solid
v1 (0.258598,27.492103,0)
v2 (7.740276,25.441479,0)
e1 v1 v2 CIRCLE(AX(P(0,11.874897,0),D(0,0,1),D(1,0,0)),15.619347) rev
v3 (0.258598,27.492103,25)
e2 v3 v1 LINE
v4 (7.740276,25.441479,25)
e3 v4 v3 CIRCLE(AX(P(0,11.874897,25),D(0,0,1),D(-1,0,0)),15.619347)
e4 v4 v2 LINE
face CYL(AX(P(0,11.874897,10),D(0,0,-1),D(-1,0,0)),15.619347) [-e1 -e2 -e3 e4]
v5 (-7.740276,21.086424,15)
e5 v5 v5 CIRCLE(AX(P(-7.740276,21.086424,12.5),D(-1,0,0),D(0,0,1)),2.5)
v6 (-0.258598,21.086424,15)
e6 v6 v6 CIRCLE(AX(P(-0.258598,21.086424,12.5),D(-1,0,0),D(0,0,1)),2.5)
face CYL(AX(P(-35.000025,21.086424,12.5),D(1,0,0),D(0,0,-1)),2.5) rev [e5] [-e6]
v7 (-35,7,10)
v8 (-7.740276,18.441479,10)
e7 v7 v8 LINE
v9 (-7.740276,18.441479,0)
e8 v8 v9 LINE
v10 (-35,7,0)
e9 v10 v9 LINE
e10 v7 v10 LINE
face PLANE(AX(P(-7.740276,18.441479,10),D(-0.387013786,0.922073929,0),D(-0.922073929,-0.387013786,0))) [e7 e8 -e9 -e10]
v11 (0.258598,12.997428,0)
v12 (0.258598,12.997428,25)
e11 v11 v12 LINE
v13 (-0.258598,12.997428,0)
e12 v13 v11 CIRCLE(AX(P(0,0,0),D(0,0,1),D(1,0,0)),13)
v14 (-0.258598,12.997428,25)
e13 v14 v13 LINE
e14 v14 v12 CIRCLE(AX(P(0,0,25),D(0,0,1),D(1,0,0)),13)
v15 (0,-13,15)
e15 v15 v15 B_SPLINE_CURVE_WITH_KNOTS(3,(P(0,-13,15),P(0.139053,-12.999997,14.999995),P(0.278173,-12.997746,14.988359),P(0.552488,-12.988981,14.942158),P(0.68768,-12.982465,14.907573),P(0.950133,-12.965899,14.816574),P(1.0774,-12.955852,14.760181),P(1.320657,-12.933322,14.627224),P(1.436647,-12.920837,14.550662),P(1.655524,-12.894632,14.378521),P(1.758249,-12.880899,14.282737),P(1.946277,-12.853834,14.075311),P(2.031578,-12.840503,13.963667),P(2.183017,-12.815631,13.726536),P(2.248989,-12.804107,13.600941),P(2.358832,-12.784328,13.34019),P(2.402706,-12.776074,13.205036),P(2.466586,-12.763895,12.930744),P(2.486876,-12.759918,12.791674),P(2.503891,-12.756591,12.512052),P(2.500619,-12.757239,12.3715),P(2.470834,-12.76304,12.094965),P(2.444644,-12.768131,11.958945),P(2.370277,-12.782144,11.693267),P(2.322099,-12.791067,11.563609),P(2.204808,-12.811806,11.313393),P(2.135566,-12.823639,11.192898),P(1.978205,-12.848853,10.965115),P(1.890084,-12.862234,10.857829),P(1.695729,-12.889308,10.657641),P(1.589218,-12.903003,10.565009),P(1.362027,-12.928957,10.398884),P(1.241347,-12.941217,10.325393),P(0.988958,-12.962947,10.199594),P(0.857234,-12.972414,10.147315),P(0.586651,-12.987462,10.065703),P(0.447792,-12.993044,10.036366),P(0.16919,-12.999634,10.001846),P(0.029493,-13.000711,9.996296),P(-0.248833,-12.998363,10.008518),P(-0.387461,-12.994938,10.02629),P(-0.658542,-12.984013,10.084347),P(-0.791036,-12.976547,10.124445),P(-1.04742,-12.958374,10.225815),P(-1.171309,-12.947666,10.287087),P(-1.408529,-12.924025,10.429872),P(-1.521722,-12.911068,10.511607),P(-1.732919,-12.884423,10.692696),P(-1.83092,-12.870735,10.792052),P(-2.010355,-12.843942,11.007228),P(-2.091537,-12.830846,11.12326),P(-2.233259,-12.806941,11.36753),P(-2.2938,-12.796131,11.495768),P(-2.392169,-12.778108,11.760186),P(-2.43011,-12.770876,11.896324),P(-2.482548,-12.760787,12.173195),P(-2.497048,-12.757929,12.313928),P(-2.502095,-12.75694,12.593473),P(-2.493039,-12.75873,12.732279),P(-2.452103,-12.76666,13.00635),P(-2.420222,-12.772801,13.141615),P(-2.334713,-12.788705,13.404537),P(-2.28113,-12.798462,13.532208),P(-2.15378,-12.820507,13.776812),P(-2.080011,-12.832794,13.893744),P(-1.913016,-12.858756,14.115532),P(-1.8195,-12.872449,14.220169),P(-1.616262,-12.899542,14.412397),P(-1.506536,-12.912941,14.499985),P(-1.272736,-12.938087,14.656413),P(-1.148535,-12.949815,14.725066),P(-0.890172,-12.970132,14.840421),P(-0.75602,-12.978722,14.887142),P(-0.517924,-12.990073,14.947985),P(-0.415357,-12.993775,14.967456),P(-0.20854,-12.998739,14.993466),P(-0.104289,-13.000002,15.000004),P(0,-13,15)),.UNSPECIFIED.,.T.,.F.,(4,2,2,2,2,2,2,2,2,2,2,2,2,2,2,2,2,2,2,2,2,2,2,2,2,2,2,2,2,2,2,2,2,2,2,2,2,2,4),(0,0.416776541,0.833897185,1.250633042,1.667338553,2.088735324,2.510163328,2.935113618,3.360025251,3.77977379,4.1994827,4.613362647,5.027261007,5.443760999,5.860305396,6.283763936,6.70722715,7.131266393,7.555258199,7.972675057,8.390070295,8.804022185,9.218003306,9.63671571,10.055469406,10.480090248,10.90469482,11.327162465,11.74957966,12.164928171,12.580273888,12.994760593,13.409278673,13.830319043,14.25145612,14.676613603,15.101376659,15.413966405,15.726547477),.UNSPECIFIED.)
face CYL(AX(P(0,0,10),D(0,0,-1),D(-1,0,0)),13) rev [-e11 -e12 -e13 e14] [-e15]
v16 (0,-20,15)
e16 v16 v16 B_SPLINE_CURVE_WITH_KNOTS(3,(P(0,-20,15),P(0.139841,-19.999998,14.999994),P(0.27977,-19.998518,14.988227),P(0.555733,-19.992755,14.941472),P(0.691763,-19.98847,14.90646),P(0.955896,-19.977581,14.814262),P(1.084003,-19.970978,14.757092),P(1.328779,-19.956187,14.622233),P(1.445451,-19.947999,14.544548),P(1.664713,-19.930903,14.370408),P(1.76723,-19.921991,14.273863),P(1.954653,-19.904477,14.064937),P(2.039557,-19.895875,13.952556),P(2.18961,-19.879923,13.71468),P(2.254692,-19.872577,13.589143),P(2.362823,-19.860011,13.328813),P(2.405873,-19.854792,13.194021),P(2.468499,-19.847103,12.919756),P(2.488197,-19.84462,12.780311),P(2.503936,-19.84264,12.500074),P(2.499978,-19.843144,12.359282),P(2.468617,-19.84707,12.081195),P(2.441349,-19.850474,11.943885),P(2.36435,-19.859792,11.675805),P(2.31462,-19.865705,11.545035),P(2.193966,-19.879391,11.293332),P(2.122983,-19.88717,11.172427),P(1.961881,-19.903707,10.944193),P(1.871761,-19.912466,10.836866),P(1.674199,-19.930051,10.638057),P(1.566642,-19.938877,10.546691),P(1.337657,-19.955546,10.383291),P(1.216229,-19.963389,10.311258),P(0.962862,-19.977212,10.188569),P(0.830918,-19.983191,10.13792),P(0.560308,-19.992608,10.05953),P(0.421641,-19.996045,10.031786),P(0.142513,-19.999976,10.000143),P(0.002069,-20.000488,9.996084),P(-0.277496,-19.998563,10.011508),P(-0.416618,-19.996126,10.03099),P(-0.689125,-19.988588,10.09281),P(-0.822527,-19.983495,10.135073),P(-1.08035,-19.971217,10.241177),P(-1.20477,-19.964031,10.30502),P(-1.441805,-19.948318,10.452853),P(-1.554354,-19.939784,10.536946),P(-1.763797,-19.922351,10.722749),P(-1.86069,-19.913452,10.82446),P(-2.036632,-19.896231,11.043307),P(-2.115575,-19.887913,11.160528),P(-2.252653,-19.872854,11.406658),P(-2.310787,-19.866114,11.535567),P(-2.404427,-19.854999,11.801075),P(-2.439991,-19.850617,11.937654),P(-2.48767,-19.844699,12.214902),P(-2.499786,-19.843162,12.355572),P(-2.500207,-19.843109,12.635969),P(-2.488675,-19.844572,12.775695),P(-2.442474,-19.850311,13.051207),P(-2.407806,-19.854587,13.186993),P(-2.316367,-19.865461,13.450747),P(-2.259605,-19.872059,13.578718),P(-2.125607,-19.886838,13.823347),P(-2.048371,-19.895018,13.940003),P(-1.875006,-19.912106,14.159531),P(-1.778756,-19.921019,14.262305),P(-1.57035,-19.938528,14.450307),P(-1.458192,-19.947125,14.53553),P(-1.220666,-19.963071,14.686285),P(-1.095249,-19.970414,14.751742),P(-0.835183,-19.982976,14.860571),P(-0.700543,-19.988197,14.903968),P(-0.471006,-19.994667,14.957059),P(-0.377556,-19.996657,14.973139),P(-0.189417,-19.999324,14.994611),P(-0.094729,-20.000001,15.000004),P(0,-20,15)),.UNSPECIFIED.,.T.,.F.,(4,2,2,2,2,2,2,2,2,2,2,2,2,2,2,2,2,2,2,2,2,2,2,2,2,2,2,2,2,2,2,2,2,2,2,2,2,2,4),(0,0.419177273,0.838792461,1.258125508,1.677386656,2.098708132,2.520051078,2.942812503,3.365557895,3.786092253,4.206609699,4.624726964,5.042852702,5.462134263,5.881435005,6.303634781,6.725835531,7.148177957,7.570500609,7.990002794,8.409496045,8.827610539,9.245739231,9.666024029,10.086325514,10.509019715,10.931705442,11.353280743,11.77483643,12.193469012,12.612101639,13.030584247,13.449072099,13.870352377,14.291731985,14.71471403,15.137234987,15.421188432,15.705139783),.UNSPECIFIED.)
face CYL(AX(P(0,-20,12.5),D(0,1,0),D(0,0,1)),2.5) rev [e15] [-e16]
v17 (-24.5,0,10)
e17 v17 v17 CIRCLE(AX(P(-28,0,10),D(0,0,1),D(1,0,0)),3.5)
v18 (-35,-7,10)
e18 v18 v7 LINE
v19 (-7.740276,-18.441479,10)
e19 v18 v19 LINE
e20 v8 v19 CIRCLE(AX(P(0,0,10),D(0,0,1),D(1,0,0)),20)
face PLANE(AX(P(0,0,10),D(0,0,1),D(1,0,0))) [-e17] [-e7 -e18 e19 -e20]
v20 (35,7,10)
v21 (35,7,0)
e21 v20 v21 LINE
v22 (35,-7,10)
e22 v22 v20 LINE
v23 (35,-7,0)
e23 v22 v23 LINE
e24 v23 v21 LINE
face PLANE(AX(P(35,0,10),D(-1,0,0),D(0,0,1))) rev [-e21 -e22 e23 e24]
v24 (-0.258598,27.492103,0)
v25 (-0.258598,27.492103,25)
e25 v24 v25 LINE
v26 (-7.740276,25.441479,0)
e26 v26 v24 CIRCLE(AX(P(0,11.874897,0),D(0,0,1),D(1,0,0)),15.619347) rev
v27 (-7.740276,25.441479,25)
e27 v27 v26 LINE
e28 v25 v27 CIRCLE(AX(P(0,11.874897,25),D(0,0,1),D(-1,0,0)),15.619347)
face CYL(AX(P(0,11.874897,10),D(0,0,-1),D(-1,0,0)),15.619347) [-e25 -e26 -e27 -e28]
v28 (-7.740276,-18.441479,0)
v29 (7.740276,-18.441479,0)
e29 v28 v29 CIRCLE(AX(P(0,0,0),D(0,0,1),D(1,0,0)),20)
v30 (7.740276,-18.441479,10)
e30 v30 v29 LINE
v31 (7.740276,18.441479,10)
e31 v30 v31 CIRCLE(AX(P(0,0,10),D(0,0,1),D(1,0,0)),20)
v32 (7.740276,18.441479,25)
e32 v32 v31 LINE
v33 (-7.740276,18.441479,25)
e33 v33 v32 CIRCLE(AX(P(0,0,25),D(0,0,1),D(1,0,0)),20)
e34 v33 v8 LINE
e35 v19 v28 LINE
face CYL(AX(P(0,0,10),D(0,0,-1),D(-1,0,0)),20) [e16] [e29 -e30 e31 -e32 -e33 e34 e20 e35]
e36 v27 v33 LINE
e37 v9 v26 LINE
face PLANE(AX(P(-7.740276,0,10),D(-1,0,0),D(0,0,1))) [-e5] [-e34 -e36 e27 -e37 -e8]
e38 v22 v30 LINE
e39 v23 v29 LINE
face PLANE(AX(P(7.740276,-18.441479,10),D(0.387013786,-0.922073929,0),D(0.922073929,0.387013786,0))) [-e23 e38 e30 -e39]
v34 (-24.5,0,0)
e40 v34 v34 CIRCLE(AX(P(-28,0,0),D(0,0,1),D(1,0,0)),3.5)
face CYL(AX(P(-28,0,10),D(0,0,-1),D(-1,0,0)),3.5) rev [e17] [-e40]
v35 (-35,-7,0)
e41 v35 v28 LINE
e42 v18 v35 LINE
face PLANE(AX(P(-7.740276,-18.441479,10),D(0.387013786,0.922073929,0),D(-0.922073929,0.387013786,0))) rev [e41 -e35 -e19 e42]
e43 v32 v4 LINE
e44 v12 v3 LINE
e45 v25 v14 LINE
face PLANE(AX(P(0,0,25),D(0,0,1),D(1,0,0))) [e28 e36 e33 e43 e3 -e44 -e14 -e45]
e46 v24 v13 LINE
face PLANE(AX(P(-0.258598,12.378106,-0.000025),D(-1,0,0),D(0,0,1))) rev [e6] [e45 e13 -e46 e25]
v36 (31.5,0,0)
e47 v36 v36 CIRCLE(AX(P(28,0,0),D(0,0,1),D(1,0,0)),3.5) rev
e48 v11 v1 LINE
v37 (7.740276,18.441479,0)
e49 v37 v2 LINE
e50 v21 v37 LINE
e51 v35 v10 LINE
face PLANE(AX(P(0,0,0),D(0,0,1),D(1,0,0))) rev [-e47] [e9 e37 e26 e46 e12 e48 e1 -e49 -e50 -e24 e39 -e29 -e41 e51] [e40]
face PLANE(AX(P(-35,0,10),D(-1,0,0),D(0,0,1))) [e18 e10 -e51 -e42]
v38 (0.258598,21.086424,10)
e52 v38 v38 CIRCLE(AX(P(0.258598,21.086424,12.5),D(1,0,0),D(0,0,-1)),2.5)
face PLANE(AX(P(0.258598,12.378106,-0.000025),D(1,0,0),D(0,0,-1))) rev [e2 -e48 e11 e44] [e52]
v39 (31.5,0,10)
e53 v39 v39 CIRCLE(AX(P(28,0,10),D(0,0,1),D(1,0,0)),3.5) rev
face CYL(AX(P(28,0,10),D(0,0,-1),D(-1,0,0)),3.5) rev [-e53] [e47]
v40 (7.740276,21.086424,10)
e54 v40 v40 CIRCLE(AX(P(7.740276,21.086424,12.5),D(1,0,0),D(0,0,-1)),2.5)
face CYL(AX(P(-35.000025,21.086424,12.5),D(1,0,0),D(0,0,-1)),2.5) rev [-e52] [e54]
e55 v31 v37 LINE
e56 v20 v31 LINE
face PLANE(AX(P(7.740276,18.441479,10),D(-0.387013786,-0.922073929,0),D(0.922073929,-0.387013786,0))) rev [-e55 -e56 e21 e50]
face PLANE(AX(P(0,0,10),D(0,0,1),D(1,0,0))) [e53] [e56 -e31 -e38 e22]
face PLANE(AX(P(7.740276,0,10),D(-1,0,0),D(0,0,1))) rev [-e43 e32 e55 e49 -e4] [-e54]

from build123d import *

# Parameters (mm, degrees)
SKETCH_1_R          = 3.5
SKETCH_1_R_2        = 13
EXTRUDE_2_DEPTH     = 10
SKETCH_2_R          = 13
EXTRUDE_3_DEPTH     = 15
SKETCH_3_W          = 0.517195108
SKETCH_3_H          = 18.726193104
CUT_EXTRUDE_1_DEPTH = 26
SKETCH_4_R          = 2.5
CUT_EXTRUDE_2_DEPTH = 43.740275714
SKETCH_5_R          = 2.5
CUT_EXTRUDE_3_DEPTH = 21


with BuildPart() as part:
    # 草图1 → 凸台-拉伸2 (new body)
    with BuildSketch(Plane.XY):
        with BuildLine():
            Line((-35, -7), (-7.740275714, -18.44147857))
            ThreePointArc((-7.740275714, -18.44147857), (0, -20), (7.740275714, -18.44147857))
            Line((7.740275714, -18.44147857), (35, -7))
            Line((35, -7), (35, 7))
            Line((35, 7), (7.740275714, 18.44147857))
            Line((7.740275714, 18.44147857), (7.740275714, 25.44147857))
            ThreePointArc((7.740275714, 25.44147857), (0, 27.494244152), (-7.740275714, 25.44147857))
            Line((-7.740275714, 25.44147857), (-7.740275714, 18.44147857))
            Line((-7.740275714, 18.44147857), (-35, 7))
            Line((-35, 7), (-35, -7))
        make_face()
        with Locations((-28, 0)):
            Circle(SKETCH_1_R, mode=Mode.SUBTRACT)
        Circle(SKETCH_1_R_2, mode=Mode.SUBTRACT)
        with Locations((28, 0)):
            Circle(SKETCH_1_R, mode=Mode.SUBTRACT)
    extrude(amount=EXTRUDE_2_DEPTH)

    # 草图2 → 凸台-拉伸3 (add)
    with BuildSketch(Plane.XY.offset(10)):
        with BuildLine():
            Line((-7.740275714, 18.44147857), (-7.740275714, 25.44147857))
            ThreePointArc((-7.740275714, 25.44147857), (0, 27.494244152), (7.740275714, 25.44147857))
            Line((7.740275714, 25.44147857), (7.740275714, 18.44147857))
            ThreePointArc((7.740275714, 18.44147857), (0, -20), (-7.740275714, 18.44147857))
        make_face()
        Circle(SKETCH_2_R, mode=Mode.SUBTRACT)
    extrude(amount=EXTRUDE_3_DEPTH)

    # 草图3 → 切除-拉伸1 (cut, through all)
    with BuildSketch(Plane.XY.offset(25)):
        with Locations((0, 21.741202931)):
            Rectangle(SKETCH_3_W, SKETCH_3_H)
    extrude(amount=-CUT_EXTRUDE_1_DEPTH, mode=Mode.SUBTRACT)

    # 草图4 → 切除-拉伸2 (cut, through all)
    with BuildSketch(Plane(origin=(7.740275714, 0, 0), x_dir=(0, 0, -1), z_dir=(1, 0, 0))):
        with Locations((-12.5, 21.086423576)):
            Circle(SKETCH_4_R)
    extrude(amount=-CUT_EXTRUDE_2_DEPTH, mode=Mode.SUBTRACT)

    # 草图5 → 切除-拉伸3 (cut, through all)
    with BuildSketch(Plane(origin=(0, 0, 0), x_dir=(1, 0, 0), z_dir=(0, 1, 0))):
        with Locations((0, -12.5)):
            Circle(SKETCH_5_R)
    extrude(amount=-CUT_EXTRUDE_3_DEPTH, mode=Mode.SUBTRACT)


solid = part.part
